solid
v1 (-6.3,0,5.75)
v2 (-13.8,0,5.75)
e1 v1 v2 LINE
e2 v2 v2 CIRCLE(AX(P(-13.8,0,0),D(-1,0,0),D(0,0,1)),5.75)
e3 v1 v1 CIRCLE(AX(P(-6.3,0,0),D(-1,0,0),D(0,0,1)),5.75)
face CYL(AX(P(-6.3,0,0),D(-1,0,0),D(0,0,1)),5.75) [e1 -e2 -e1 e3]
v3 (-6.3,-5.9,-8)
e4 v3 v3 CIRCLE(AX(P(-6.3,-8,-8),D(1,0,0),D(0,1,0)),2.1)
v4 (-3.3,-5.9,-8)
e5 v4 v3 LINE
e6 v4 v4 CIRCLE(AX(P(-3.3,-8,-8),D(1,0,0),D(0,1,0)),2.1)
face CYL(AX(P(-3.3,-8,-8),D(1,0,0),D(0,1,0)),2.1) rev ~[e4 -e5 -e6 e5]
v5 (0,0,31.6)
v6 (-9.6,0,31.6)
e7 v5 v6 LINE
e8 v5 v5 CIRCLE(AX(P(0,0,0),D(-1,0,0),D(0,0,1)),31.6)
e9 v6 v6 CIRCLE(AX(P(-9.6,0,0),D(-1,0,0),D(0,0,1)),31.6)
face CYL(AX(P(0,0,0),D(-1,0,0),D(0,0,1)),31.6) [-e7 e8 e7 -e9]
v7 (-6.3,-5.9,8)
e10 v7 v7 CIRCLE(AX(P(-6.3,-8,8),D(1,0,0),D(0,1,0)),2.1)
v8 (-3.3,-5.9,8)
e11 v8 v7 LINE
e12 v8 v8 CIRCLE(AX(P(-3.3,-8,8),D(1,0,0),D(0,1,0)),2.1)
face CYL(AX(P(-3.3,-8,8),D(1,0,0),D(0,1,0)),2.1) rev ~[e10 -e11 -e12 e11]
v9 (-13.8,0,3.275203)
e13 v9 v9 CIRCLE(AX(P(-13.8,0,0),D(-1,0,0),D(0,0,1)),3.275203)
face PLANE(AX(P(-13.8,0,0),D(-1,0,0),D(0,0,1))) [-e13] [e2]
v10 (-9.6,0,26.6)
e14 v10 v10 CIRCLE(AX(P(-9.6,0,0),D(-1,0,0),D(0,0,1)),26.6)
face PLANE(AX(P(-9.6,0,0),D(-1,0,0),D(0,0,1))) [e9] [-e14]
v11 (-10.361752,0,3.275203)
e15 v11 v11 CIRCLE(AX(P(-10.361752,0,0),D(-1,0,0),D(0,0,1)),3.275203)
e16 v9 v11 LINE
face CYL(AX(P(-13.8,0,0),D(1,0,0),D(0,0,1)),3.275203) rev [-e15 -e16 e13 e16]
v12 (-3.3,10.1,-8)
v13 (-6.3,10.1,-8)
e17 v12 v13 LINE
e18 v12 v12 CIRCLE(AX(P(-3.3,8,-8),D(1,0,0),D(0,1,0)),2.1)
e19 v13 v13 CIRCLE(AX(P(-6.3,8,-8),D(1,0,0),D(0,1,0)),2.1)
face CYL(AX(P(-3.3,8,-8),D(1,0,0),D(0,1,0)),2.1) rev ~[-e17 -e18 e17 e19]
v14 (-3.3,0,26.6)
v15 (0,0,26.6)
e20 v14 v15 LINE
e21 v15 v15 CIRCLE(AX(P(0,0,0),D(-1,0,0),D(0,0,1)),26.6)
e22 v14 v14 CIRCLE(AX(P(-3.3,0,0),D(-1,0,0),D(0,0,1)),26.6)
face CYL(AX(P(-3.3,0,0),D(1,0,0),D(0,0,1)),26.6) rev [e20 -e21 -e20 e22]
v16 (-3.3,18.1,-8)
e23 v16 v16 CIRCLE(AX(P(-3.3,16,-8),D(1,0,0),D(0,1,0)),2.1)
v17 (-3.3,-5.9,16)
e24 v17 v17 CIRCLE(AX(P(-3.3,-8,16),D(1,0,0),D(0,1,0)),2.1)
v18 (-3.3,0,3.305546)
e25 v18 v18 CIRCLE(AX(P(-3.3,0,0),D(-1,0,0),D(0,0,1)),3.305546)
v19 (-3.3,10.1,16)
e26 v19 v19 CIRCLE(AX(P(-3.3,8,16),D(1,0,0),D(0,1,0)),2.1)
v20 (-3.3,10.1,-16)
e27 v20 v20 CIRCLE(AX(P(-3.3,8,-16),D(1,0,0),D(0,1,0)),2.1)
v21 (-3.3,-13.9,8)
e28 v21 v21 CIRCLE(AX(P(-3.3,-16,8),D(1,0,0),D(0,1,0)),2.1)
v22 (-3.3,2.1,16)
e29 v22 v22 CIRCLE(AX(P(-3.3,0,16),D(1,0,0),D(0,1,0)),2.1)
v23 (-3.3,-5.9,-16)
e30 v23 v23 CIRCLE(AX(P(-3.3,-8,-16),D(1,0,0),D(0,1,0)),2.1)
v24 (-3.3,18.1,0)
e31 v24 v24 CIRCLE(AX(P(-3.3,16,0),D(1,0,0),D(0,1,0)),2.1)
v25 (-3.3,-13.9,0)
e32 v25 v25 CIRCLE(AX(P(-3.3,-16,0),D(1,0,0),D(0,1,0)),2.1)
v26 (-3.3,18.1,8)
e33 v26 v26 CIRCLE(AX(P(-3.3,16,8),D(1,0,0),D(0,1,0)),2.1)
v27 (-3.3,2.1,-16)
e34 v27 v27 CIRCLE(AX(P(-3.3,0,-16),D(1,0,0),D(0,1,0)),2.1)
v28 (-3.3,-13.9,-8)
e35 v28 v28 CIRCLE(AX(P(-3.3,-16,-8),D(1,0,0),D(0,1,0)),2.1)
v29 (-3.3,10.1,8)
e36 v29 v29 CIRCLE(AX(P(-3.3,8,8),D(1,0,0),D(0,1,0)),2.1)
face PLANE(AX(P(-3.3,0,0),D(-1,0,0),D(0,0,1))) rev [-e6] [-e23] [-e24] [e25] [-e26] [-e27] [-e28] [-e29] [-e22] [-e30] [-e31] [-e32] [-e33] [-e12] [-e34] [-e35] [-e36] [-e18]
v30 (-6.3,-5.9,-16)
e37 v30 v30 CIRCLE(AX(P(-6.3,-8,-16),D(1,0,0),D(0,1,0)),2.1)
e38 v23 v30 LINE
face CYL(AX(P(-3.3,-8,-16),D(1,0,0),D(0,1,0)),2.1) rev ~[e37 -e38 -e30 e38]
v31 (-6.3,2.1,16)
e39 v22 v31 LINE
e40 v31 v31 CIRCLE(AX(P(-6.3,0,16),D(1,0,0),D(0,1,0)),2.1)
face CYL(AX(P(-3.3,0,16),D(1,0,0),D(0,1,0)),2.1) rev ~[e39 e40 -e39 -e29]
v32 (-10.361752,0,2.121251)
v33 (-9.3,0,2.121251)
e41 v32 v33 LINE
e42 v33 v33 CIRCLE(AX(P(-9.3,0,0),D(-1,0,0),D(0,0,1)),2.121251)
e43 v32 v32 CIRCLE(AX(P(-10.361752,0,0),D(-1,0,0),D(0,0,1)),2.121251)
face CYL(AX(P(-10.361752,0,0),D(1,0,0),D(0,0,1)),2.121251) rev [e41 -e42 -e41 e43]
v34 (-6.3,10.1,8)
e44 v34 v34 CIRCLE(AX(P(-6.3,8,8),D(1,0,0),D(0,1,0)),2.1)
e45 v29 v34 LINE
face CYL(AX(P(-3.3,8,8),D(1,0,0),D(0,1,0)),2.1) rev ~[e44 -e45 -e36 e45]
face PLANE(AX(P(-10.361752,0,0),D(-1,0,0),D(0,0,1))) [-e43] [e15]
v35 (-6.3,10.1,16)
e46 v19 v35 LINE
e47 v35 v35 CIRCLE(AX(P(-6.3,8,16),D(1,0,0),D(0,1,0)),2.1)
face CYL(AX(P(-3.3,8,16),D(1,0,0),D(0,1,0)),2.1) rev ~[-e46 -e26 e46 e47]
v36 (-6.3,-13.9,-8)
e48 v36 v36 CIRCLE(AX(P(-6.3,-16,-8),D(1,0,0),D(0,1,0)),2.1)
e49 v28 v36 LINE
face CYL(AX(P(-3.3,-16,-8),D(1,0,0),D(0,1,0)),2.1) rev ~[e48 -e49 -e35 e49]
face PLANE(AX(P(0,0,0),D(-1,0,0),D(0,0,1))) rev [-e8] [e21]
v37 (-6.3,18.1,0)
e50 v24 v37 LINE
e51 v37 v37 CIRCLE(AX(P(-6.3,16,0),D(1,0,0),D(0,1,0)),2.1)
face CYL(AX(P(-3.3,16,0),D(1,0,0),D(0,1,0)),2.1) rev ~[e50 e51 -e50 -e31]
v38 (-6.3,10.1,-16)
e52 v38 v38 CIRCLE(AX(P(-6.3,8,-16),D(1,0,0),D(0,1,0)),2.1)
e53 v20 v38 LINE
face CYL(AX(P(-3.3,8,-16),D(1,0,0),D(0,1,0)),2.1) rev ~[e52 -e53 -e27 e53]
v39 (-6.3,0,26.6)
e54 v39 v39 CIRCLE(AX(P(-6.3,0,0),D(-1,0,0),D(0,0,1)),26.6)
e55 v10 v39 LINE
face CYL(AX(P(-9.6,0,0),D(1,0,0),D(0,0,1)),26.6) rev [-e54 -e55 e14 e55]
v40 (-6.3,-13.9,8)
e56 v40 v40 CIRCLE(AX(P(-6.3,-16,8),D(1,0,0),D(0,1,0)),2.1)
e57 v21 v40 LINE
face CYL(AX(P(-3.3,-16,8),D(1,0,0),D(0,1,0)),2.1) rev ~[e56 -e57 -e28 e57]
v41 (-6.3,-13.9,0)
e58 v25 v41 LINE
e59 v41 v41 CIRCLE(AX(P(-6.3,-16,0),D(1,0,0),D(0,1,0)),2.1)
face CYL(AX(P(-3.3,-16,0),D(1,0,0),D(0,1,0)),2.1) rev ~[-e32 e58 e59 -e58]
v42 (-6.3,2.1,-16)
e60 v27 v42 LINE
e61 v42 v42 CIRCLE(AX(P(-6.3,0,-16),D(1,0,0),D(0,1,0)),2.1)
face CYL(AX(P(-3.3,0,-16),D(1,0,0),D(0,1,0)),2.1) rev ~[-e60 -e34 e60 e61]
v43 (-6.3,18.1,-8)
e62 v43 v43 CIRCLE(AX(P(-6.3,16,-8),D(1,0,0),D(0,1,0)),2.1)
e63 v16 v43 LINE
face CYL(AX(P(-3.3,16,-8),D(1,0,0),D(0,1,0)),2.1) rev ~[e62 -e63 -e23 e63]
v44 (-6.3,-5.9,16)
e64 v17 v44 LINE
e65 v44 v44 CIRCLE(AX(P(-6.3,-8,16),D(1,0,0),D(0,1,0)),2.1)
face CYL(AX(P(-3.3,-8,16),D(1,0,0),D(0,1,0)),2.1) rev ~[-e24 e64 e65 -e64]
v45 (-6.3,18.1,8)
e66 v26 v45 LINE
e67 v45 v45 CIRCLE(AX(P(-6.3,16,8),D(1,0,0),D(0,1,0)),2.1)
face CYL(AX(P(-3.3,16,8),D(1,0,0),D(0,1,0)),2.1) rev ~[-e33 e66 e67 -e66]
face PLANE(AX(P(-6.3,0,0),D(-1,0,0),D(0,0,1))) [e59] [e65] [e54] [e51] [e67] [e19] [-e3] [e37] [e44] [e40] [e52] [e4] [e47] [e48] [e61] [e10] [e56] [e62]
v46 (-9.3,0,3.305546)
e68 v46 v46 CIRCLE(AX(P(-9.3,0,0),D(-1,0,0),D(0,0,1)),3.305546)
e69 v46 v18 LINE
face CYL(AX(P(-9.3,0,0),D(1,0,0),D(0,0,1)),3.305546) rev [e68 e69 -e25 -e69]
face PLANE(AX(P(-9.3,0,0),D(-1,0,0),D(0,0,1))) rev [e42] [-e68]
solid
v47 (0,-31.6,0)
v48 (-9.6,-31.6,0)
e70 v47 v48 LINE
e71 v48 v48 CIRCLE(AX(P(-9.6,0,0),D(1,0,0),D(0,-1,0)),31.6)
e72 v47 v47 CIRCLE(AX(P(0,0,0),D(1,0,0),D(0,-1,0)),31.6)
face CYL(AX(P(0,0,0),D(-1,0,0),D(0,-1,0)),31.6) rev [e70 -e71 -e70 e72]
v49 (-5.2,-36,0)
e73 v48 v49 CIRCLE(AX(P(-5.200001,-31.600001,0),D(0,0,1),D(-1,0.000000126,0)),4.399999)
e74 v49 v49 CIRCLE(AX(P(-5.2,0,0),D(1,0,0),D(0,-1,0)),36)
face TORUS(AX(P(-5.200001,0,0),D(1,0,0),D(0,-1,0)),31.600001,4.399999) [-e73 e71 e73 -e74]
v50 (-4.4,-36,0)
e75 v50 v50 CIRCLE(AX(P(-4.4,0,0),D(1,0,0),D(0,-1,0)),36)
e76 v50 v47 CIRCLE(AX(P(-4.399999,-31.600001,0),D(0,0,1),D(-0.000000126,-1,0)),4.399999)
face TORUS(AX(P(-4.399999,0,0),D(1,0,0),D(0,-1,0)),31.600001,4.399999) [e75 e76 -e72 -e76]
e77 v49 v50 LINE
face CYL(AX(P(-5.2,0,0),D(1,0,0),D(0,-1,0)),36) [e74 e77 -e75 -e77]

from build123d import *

# Parameters (mm, degrees)
F2_R     = 2.1
F3_DEPTH = 25


with BuildPart() as f1:
    # F0 (on Front) → F1 (revolve)
    with BuildSketch(Plane.XZ):
        Polygon((-9.3, 3.305546), (-3.3, 3.305546), (-3.3, 26.6), (0, 26.6), (0, 31.6), (-9.6, 31.6), (-9.6, 26.6), (-6.3, 26.6), (-6.3, 5.75), (-13.8, 5.75), (-13.8, 3.275203), (-10.361752, 3.275203), (-10.361752, 2.121251), (-9.3, 2.121251), align=None)
    revolve(axis=Axis((4.093945, 0, 0), (-1, 0, 0)))

    # F2 (on face) → F3 (cut)
    with BuildSketch(Plane.YZ.offset(-3.3)):
        with Locations((0, 16)):
            Circle(F2_R)
        with Locations((-8, 8)):
            Circle(F2_R)
        with Locations((-16, 0)):
            Circle(F2_R)
        with Locations((-8, -8)):
            Circle(F2_R)
        with Locations((0, -16)):
            Circle(F2_R)
        with Locations((8, -8)):
            Circle(F2_R)
        with Locations((16, 0)):
            Circle(F2_R)
        with Locations((8, 8)):
            Circle(F2_R)
        with Locations((-16, 8)):
            Circle(F2_R)
        with Locations((-8, 16)):
            Circle(F2_R)
        with Locations((8, 16)):
            Circle(F2_R)
        with Locations((16, 8)):
            Circle(F2_R)
        with Locations((16, -8)):
            Circle(F2_R)
        with Locations((-8, -16)):
            Circle(F2_R)
        with Locations((8, -16)):
            Circle(F2_R)
        with Locations((-16, -8)):
            Circle(F2_R)
    extrude(amount=-F3_DEPTH, mode=Mode.SUBTRACT)


with BuildPart() as f5:
    # F4 (on Top) → F5 (revolve)
    with BuildSketch(Plane.XY):
        with BuildLine():
            Line((-5.2, -36), (-4.4, -36))
            ThreePointArc((-4.4, -36), (-1.28873, -34.71127), (0, -31.6))
            Line((0, -31.6), (-9.6, -31.6))
            ThreePointArc((-9.6, -31.6), (-8.31127, -34.71127), (-5.2, -36))
        make_face()
    revolve(axis=Axis((0.911383, 0, 0), (1, 0, 0)))


solid = Compound([f1.part, f5.part])
